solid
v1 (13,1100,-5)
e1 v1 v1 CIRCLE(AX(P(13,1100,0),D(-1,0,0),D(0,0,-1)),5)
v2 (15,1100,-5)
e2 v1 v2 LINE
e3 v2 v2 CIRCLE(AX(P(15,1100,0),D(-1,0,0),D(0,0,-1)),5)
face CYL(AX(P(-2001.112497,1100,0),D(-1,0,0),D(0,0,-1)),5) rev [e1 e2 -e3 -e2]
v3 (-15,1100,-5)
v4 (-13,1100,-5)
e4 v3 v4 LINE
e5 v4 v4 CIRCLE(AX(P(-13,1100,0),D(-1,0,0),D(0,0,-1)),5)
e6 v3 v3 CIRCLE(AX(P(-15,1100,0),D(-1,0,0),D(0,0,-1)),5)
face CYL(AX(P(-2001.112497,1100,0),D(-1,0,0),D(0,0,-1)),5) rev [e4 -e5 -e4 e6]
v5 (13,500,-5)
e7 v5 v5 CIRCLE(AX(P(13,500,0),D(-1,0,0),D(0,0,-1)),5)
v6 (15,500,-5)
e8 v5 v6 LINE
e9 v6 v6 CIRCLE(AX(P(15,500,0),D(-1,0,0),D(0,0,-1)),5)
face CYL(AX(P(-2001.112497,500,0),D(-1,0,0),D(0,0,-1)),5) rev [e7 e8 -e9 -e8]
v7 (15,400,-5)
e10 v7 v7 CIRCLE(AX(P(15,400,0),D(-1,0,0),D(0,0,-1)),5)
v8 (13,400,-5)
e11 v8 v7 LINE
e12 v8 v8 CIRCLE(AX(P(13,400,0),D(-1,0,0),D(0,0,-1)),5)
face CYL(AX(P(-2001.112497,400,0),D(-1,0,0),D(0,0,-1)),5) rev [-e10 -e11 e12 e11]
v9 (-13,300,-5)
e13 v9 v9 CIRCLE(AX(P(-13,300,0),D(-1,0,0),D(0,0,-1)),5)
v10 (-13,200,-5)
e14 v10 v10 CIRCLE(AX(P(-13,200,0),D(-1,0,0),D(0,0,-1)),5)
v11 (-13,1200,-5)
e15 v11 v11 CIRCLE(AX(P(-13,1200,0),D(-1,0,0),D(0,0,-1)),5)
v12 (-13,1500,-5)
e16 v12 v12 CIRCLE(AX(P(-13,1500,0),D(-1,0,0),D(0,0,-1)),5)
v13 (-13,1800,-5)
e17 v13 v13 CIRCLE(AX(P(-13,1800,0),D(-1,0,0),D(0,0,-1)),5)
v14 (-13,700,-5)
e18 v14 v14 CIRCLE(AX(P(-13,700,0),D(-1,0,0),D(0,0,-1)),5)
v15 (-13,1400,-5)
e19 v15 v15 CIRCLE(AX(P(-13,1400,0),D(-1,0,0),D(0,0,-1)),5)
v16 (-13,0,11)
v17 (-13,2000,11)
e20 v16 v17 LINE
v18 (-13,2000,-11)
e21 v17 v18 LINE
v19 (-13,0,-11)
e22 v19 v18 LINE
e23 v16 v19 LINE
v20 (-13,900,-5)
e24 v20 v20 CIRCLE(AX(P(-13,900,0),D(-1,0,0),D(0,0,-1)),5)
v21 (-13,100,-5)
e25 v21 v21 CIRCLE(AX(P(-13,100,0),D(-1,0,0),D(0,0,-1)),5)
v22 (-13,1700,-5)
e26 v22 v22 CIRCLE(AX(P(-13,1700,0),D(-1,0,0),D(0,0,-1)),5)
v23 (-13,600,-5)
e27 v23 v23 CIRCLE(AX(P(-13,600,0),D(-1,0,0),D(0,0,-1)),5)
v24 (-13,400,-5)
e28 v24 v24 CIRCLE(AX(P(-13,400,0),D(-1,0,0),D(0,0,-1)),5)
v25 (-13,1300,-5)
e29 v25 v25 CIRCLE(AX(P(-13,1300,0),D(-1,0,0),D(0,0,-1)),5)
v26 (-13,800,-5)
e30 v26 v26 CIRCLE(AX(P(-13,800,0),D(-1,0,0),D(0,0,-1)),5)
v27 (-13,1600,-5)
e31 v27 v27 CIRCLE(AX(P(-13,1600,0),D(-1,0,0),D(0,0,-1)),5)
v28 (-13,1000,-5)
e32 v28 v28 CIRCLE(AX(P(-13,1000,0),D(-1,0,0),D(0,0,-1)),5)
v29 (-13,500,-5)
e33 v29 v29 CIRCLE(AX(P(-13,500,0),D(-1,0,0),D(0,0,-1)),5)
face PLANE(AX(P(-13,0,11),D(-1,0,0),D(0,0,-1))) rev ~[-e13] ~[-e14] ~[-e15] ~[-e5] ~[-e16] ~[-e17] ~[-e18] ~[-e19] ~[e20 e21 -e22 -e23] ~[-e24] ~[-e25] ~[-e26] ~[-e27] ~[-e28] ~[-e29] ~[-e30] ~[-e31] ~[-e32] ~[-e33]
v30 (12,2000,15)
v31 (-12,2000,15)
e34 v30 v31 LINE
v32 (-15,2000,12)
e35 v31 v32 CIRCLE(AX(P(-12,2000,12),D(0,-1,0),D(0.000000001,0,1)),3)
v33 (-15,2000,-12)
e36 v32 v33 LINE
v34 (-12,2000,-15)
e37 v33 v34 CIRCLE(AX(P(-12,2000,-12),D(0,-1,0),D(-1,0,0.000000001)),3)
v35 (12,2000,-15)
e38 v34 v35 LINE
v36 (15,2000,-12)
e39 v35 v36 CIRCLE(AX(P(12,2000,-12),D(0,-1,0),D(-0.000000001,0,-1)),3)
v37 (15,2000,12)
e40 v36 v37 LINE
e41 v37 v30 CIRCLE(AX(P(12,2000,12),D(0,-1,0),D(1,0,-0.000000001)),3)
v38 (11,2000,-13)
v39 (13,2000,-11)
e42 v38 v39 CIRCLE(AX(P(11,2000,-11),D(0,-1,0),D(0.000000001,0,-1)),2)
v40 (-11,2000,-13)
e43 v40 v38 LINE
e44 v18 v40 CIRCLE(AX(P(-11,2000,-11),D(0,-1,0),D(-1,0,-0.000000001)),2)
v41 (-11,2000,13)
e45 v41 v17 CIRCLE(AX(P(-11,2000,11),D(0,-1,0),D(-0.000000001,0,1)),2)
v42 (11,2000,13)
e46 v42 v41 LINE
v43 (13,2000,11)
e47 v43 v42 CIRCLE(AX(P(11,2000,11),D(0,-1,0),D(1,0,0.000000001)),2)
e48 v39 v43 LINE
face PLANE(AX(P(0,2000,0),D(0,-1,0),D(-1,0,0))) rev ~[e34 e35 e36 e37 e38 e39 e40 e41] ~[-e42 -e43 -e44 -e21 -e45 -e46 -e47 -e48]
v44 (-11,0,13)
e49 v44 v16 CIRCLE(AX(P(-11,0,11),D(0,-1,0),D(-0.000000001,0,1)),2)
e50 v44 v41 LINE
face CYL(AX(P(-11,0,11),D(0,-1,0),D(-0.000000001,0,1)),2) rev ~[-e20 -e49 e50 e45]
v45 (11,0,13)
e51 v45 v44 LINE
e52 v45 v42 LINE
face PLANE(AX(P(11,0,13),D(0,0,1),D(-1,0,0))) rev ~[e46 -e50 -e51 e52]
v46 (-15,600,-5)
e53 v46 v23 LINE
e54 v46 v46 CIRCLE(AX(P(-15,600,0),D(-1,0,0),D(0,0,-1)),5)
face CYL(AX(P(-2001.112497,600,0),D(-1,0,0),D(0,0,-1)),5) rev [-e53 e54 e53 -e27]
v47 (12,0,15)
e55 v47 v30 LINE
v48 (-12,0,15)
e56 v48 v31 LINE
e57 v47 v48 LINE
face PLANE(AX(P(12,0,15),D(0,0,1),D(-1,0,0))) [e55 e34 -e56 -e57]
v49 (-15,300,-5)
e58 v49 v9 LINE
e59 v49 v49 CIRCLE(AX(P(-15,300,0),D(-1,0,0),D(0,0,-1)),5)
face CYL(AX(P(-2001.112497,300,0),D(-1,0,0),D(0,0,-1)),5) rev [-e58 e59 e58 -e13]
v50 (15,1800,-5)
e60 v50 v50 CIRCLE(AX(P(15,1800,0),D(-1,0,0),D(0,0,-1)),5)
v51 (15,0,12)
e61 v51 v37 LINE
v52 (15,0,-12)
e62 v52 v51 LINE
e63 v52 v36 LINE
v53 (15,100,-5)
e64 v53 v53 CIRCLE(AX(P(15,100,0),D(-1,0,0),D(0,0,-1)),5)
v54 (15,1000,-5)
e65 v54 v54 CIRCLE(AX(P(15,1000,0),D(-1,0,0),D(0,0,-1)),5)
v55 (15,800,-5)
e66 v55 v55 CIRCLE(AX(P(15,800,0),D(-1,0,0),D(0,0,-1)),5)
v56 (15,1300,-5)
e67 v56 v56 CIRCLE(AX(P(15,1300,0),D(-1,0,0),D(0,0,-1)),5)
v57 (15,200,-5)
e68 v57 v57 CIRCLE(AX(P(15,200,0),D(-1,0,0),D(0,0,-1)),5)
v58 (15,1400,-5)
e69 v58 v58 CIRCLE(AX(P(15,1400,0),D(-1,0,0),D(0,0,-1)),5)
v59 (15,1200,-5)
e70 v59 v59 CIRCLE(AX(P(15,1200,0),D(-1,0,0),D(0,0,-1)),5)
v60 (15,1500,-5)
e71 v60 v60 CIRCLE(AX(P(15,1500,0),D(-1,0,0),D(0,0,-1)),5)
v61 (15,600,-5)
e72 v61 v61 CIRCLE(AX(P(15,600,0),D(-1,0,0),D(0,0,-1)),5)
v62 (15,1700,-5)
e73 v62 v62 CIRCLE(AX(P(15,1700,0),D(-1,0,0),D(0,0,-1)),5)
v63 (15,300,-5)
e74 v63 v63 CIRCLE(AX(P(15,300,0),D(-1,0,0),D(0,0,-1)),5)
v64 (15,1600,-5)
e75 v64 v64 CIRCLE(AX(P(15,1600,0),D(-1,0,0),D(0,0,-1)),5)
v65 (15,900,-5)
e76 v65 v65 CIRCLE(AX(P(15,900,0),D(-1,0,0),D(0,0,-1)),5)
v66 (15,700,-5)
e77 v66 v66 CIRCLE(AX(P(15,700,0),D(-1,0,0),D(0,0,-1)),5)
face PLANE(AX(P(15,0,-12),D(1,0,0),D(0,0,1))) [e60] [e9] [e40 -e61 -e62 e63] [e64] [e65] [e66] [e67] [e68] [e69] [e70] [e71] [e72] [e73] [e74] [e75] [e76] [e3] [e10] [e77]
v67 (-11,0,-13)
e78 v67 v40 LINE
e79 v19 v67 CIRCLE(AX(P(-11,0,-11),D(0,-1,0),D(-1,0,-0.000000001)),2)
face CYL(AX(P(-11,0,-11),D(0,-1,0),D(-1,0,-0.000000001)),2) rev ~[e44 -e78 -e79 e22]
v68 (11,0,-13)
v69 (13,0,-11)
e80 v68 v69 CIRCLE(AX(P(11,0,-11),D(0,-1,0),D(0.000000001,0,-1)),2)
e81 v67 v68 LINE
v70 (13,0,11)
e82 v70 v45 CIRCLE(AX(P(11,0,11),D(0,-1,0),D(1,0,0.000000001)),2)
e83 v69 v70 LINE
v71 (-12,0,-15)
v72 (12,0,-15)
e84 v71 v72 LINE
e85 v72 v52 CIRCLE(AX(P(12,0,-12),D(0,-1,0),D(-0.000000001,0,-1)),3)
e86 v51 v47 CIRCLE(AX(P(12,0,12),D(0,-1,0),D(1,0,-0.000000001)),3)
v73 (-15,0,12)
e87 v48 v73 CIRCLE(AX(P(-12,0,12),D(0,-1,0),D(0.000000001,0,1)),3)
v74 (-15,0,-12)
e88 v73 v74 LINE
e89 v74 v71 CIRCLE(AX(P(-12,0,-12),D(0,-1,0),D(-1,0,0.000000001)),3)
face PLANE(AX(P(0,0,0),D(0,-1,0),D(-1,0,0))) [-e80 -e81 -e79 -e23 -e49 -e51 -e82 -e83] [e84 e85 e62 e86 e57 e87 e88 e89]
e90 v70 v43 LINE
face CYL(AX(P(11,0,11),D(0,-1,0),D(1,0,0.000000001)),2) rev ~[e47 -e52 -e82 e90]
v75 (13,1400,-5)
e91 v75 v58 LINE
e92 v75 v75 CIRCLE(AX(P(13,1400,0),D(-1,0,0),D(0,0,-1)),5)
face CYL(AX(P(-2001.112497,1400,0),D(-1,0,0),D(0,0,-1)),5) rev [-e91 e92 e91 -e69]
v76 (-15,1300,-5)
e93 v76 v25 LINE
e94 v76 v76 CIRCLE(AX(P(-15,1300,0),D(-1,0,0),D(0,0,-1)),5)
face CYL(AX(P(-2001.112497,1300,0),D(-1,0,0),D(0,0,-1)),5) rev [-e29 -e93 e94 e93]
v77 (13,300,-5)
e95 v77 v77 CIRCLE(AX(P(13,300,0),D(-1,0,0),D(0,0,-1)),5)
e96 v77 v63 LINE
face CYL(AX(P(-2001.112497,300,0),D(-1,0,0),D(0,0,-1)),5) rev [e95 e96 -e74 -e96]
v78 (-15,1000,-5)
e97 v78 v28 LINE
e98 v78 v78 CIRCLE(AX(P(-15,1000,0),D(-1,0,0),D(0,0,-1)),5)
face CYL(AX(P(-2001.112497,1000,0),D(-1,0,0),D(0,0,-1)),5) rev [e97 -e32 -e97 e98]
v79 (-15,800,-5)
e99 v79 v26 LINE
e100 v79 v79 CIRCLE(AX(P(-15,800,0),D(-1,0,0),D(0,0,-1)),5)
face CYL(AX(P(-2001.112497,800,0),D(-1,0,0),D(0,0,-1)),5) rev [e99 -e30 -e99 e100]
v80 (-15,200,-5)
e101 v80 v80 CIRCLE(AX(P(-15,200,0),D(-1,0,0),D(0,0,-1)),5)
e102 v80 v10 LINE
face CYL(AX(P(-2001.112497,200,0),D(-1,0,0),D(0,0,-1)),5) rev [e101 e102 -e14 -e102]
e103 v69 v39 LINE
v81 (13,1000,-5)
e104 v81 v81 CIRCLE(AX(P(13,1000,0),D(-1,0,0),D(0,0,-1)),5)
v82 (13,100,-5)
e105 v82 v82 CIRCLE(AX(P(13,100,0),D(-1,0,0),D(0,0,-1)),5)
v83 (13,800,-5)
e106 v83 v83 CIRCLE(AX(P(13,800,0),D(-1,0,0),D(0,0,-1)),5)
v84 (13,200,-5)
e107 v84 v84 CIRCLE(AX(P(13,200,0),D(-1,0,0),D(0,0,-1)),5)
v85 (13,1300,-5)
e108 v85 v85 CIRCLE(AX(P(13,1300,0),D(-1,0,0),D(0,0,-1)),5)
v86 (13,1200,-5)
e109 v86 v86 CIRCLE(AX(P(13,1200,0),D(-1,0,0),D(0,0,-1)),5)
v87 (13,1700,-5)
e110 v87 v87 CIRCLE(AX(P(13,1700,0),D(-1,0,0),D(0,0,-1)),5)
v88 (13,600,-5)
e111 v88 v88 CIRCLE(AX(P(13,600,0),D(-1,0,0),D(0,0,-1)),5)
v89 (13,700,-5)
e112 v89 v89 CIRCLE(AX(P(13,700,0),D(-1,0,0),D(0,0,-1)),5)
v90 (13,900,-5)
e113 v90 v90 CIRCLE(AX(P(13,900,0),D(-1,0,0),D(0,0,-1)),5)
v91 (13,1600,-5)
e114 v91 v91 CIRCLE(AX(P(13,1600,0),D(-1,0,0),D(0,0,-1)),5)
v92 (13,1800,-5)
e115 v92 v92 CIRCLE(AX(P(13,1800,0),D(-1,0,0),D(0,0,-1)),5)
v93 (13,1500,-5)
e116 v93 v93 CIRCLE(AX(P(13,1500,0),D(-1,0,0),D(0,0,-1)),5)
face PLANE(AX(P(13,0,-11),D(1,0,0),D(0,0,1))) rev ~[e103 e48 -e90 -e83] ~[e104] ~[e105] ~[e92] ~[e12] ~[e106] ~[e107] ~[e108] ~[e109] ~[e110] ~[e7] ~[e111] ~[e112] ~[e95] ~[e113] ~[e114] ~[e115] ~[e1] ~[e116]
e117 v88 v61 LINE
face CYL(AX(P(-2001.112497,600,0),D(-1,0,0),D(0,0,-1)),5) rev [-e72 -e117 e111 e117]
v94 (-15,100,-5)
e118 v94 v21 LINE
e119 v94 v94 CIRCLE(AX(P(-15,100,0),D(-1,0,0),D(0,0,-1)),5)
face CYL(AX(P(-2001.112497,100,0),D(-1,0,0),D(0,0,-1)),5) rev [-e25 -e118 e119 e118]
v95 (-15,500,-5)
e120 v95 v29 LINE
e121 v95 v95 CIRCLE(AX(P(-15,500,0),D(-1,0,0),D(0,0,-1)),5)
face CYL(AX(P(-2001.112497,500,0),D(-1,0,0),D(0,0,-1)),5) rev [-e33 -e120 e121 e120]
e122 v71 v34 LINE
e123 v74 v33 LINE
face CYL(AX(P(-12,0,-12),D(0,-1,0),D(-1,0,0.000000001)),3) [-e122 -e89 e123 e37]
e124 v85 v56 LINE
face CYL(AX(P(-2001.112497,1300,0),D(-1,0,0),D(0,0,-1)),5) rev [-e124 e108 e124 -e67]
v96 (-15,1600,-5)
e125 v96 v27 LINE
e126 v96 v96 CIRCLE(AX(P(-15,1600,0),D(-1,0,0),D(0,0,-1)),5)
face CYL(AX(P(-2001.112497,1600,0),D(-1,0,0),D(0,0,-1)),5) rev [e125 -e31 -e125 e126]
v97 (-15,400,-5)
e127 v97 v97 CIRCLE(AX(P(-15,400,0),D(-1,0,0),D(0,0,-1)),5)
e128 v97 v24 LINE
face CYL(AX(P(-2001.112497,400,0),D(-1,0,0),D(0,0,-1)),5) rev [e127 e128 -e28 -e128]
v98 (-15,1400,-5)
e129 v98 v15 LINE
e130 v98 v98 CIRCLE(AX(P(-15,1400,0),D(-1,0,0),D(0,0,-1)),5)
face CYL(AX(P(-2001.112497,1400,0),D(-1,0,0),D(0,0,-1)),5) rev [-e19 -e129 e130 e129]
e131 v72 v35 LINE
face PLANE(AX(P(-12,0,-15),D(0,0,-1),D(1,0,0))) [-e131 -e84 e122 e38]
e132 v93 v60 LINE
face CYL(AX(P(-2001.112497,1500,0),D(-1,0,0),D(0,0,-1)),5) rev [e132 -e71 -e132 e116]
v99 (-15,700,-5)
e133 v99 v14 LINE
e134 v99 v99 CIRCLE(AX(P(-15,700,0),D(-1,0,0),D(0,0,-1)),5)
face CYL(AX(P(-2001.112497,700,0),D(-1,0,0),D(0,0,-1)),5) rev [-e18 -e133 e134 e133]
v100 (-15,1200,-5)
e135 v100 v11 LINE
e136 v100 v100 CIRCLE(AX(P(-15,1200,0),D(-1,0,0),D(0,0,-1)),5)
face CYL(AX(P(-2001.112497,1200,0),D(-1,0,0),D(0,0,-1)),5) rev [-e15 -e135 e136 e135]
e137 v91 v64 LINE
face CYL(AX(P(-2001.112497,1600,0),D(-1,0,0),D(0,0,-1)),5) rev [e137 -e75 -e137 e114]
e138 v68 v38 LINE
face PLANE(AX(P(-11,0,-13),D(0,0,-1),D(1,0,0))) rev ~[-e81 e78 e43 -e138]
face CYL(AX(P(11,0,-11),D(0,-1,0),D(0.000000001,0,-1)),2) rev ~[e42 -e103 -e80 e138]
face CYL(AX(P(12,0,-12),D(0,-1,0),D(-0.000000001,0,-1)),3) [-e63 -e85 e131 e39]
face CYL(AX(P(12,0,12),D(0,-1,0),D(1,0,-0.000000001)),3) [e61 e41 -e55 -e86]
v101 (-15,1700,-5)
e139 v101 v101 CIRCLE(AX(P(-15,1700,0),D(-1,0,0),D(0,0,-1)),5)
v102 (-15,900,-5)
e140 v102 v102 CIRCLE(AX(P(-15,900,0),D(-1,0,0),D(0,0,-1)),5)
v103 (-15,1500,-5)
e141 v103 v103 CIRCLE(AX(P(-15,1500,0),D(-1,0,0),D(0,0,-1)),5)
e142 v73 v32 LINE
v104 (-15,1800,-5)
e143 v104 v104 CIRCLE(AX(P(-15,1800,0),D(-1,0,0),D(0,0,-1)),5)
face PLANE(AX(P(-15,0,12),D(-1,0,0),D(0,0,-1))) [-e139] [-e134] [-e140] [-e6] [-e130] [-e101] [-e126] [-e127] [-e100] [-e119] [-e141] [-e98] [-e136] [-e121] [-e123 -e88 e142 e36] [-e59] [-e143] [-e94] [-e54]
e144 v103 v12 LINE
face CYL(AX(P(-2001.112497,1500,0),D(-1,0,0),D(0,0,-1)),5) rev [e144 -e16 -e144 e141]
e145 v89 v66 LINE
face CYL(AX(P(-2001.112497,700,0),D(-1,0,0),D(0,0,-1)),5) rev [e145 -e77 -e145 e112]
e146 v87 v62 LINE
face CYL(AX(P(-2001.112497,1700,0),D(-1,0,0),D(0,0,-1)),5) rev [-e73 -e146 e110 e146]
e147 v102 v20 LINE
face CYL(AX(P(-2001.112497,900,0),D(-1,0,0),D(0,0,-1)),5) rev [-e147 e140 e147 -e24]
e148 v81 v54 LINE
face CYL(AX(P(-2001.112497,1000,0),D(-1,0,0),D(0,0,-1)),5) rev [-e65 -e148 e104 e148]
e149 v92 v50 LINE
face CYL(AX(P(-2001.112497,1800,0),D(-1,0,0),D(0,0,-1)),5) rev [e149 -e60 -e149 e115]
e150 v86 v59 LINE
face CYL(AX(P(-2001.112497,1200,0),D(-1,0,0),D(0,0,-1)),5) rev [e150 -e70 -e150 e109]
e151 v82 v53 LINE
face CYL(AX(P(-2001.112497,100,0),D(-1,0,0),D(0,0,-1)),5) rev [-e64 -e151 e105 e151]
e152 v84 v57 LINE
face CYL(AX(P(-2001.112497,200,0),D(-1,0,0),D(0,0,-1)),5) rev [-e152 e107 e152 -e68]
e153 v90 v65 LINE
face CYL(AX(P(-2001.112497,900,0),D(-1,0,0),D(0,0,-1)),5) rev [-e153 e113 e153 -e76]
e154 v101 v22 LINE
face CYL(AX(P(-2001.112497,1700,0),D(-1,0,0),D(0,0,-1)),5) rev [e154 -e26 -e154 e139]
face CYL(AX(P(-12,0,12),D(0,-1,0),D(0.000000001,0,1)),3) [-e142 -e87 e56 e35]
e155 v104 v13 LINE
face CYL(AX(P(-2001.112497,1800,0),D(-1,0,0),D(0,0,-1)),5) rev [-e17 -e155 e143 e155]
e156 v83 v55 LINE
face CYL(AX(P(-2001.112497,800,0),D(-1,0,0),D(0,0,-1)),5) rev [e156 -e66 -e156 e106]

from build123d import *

# Parameters (mm, degrees)
EXTRUDE_1_DEPTH          = 2000
CUT_EXTRUDE_1_DEPTH      = 2001.112496836
CUT_EXTRUDE_1_DEPTH_BACK = 2001.112496836
SKETCH_2_R               = 5


with BuildPart() as part:
    # Эскиз1 → Бобышка-Вытянуть1 (new body)
    with BuildSketch(Plane(origin=(0, 0, 0), x_dir=(1, 0, 0), z_dir=(0, 1, 0))):
        with BuildLine():
            Line((-12, 15), (12, 15))
            ThreePointArc((12, 15), (14.121320344, 14.121320344), (15, 12))
            Line((15, 12), (15, -12))
            ThreePointArc((15, -12), (14.121320344, -14.121320344), (12, -15))
            Line((12, -15), (-12, -15))
            ThreePointArc((-12, -15), (-14.121320344, -14.121320344), (-15, -12))
            Line((-15, -12), (-15, 12))
            ThreePointArc((-15, 12), (-14.121320344, 14.121320344), (-12, 15))
        make_face()
        with BuildLine():
            Line((-11, 13), (11, 13))
            ThreePointArc((11, 13), (12.414213562, 12.414213562), (13, 11))
            Line((13, 11), (13, -11))
            ThreePointArc((13, -11), (12.414213562, -12.414213562), (11, -13))
            Line((11, -13), (-11, -13))
            ThreePointArc((-11, -13), (-12.414213562, -12.414213562), (-13, -11))
            Line((-13, -11), (-13, 11))
            ThreePointArc((-13, 11), (-12.414213562, 12.414213562), (-11, 13))
        make_face(mode=Mode.SUBTRACT)
    extrude(amount=EXTRUDE_1_DEPTH)

    # Эскиз2 → Вырез-Вытянуть1 (cut, two sides: drawn at the far end of the back side and taken through both)
    with BuildSketch(Plane(origin=(0, 0, 0), x_dir=(0, 0, -1), z_dir=(1, 0, 0)).offset(-CUT_EXTRUDE_1_DEPTH_BACK)):
        with Locations((0, 100)):
            Circle(SKETCH_2_R)
        with Locations((0, 200)):
            Circle(SKETCH_2_R)
        with Locations((0, 300)):
            Circle(SKETCH_2_R)
        with Locations((0, 400)):
            Circle(SKETCH_2_R)
        with Locations((0, 500)):
            Circle(SKETCH_2_R)
        with Locations((0, 600)):
            Circle(SKETCH_2_R)
        with Locations((0, 700)):
            Circle(SKETCH_2_R)
        with Locations((0, 800)):
            Circle(SKETCH_2_R)
        with Locations((0, 900)):
            Circle(SKETCH_2_R)
        with Locations((0, 1000)):
            Circle(SKETCH_2_R)
        with Locations((0, 1100)):
            Circle(SKETCH_2_R)
        with Locations((0, 1200)):
            Circle(SKETCH_2_R)
        with Locations((0, 1300)):
            Circle(SKETCH_2_R)
        with Locations((0, 1400)):
            Circle(SKETCH_2_R)
        with Locations((0, 1500)):
            Circle(SKETCH_2_R)
        with Locations((0, 1600)):
            Circle(SKETCH_2_R)
        with Locations((0, 1700)):
            Circle(SKETCH_2_R)
        with Locations((0, 1800)):
            Circle(SKETCH_2_R)
    extrude(amount=CUT_EXTRUDE_1_DEPTH + CUT_EXTRUDE_1_DEPTH_BACK, mode=Mode.SUBTRACT)


solid = part.part
